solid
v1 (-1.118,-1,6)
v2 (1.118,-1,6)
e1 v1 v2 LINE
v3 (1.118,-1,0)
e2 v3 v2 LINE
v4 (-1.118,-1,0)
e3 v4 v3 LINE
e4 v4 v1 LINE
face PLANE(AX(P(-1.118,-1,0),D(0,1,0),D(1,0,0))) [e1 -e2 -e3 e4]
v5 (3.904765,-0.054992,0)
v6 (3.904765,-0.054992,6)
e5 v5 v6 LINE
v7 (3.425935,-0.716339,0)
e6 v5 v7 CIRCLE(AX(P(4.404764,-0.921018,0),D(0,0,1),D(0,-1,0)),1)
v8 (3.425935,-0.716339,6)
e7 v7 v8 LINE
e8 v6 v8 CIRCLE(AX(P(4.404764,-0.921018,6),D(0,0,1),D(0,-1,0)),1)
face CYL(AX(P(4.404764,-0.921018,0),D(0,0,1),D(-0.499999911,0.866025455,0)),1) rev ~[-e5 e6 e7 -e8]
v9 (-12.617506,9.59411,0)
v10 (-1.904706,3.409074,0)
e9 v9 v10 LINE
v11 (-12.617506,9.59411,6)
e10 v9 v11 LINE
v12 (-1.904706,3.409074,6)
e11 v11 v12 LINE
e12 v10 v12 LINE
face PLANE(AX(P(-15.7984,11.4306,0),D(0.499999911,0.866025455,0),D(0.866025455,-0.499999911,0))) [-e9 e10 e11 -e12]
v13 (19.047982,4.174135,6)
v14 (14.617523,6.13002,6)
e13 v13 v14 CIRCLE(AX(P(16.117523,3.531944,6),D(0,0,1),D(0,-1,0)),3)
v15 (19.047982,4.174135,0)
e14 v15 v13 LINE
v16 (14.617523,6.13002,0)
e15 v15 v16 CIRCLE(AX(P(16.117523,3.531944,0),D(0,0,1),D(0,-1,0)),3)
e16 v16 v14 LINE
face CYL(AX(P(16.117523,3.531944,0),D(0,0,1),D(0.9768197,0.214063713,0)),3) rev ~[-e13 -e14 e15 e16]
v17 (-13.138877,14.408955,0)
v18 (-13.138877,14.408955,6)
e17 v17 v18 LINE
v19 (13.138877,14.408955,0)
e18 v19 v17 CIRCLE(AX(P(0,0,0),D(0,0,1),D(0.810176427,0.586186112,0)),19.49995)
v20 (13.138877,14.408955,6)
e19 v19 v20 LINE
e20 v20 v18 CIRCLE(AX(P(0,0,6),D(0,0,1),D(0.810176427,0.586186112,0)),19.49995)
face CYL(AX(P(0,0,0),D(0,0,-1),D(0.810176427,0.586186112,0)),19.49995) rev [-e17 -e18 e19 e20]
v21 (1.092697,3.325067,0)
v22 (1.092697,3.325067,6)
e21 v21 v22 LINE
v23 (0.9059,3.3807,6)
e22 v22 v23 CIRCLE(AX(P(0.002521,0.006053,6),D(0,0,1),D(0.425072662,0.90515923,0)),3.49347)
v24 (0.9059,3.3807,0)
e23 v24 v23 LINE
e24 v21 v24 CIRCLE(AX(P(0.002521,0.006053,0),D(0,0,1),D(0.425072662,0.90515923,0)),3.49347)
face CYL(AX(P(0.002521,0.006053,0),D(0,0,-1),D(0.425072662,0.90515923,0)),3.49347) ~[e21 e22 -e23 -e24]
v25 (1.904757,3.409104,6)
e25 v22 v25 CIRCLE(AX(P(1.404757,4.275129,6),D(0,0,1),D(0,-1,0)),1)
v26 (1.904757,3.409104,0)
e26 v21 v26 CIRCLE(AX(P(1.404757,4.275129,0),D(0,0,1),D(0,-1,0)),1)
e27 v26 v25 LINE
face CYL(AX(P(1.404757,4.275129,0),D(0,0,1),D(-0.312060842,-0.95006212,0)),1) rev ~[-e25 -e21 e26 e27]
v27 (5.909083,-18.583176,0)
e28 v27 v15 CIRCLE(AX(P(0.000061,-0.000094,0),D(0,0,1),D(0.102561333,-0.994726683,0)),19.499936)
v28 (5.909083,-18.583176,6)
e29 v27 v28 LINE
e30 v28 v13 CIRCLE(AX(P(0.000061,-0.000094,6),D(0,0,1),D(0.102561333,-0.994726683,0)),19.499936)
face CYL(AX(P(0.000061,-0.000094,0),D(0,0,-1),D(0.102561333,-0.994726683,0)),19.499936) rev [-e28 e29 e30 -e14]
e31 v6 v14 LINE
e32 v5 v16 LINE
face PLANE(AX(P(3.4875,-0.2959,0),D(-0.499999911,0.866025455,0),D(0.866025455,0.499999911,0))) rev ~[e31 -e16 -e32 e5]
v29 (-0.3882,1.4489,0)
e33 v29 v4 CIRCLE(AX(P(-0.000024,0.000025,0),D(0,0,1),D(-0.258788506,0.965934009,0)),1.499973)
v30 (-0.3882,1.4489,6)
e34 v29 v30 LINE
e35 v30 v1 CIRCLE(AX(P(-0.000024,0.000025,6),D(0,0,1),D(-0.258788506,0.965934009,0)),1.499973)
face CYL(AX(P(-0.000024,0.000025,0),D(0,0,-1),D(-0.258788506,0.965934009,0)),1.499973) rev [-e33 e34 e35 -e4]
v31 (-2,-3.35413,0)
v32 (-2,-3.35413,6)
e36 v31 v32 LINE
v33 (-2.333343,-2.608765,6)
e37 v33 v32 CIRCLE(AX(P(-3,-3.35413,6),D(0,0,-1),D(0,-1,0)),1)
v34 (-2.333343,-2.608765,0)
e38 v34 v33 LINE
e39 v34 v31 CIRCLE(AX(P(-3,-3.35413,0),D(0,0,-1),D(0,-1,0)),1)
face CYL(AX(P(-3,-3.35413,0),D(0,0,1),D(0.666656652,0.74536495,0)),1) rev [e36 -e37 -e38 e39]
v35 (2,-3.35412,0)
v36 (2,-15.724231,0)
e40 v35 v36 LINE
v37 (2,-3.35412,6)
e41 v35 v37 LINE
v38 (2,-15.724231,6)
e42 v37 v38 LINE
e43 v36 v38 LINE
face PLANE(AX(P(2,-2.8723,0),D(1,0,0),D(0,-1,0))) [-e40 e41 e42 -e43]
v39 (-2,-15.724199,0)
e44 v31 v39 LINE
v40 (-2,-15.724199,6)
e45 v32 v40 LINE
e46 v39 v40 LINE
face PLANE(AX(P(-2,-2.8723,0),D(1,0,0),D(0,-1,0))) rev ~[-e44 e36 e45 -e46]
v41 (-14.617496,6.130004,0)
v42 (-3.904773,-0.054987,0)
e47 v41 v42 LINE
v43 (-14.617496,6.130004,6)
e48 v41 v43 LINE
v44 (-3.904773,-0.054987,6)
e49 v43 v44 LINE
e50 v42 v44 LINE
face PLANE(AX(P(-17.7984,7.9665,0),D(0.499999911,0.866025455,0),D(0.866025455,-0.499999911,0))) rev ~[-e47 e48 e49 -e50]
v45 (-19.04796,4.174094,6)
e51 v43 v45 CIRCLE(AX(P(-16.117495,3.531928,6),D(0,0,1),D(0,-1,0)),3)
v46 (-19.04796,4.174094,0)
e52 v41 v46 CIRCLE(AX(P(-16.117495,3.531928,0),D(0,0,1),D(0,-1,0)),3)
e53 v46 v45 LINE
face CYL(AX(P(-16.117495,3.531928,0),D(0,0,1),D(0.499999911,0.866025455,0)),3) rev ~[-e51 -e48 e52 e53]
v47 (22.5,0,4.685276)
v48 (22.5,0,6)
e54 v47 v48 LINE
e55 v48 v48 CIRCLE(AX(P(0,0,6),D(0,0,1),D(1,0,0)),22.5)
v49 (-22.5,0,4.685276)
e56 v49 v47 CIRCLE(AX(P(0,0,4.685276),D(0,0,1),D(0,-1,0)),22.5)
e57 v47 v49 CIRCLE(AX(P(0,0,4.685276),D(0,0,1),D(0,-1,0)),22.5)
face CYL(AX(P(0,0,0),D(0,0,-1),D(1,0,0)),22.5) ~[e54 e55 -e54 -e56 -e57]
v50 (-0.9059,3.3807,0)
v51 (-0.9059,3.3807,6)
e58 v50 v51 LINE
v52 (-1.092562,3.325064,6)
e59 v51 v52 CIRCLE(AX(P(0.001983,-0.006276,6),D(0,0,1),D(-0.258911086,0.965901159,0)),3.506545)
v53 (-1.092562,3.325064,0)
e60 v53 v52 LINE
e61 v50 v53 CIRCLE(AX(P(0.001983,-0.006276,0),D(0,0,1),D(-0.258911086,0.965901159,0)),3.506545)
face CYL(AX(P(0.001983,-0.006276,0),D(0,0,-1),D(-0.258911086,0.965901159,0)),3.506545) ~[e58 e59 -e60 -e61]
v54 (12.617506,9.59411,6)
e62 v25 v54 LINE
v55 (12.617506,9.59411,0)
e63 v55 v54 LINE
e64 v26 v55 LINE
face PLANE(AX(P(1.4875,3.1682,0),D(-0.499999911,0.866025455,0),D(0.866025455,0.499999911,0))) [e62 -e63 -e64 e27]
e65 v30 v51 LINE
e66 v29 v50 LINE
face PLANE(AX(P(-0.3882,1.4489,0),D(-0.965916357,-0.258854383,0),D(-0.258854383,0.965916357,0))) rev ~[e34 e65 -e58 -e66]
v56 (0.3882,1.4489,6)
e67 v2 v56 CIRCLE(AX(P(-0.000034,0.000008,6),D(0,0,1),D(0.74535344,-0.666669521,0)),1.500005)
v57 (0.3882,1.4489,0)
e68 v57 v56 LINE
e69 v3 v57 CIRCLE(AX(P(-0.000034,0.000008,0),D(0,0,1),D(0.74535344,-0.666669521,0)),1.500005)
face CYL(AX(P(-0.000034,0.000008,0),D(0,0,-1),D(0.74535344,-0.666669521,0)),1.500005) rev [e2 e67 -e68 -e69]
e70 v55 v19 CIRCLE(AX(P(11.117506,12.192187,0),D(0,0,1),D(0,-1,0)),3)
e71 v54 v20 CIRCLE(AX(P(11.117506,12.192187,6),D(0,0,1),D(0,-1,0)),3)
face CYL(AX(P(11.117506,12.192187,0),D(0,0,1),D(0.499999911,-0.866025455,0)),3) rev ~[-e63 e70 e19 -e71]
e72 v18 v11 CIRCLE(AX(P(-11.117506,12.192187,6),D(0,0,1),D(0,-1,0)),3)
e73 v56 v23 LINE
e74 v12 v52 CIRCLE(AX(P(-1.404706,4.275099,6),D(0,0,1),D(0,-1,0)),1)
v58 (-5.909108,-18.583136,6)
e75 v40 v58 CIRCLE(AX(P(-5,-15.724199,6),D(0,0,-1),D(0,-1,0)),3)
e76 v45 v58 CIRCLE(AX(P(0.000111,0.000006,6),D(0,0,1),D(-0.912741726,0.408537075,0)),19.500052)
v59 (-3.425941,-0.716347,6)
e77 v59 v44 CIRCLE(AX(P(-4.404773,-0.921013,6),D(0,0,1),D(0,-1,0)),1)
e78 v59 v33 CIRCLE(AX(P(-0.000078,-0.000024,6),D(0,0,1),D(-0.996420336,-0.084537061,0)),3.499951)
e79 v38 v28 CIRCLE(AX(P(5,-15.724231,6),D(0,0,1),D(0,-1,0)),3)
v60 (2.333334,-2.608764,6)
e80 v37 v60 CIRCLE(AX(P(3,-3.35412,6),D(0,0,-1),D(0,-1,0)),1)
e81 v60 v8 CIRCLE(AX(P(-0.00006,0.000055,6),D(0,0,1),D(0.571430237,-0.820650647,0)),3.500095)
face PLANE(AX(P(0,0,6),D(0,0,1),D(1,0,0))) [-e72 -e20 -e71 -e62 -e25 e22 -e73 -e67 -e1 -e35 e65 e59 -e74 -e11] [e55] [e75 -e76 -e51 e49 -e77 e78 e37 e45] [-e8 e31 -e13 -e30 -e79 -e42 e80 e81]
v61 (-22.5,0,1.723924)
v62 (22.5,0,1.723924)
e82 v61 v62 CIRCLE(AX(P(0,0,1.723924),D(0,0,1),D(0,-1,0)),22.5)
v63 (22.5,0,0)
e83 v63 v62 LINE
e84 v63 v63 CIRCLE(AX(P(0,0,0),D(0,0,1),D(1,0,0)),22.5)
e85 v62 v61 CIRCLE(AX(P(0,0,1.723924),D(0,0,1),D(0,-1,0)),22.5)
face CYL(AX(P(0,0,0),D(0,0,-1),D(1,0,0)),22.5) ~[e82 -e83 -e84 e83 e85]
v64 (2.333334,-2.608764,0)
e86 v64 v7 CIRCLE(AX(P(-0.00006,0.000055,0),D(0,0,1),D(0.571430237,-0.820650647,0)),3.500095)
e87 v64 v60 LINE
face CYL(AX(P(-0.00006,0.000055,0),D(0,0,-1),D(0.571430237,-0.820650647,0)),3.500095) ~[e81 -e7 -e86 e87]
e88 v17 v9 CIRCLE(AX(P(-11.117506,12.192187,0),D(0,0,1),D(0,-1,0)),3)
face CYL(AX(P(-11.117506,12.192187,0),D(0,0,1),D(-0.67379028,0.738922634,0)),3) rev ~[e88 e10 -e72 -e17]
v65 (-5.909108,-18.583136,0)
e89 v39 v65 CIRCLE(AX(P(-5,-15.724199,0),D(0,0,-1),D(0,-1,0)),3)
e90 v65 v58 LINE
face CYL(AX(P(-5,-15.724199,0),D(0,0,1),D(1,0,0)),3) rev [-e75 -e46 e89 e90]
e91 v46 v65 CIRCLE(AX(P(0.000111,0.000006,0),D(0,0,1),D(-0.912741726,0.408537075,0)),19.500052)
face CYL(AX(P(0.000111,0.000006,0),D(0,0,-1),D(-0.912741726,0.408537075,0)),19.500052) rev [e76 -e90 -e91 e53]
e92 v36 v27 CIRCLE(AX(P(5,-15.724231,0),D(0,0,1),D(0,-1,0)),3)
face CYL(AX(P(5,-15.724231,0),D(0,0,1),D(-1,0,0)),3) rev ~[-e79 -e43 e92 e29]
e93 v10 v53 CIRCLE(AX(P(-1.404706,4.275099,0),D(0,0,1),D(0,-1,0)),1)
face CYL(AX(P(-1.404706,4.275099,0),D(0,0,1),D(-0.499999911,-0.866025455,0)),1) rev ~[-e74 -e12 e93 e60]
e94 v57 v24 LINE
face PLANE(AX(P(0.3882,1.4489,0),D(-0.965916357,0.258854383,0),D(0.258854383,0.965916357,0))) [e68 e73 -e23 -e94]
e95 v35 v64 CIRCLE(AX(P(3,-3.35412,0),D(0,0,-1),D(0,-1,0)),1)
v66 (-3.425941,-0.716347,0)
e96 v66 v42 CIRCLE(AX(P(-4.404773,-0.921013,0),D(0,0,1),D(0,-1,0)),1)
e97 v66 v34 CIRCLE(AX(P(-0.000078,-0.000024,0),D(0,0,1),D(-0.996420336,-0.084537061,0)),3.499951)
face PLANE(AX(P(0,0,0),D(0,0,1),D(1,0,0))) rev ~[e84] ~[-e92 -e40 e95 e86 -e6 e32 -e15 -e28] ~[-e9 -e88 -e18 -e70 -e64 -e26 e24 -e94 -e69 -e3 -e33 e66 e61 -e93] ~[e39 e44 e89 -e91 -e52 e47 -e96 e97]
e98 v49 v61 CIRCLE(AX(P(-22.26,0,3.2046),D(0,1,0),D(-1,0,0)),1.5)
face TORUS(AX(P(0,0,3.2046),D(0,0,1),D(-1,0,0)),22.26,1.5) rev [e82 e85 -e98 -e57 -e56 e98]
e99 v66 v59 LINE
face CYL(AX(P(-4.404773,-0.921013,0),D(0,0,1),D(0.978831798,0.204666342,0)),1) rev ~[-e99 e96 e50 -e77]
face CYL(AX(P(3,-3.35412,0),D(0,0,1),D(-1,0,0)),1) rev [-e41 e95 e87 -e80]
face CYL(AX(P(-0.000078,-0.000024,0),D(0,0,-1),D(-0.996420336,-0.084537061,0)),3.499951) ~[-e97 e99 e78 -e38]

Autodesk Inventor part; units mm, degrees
ref_plane "XY Plane" through (0, 0, 0) normal (0, 0, 1) x (1, 0, 0)
sketch "Sketch1" plane through (0, 0, 0) normal (0, 0, 1) x (1, 0, 0)
  line L0 (-19.5, 0) -> (19.5, 0) construction
  line L1 (-1.118, -1) -> (1.118, -1)
  line L2 (0, -3.5) -> (0, -10.5) construction
  line L3 (0, 31.6864) -> (0, -32.6182) construction
  line L4 (2, -2.8723) -> (2, -19.3972)
  line L5 (-2, -2.8723) -> (-2, -19.3972)
  line L6 (3.0311, 1.75) -> (9.0933, 5.25) construction
  line L7 (-3.0311, 1.75) -> (-9.0933, 5.25) construction
  line L8 (3.4875, -0.2959) -> (17.7984, 7.9665)
  line L9 (1.4875, 3.1682) -> (15.7984, 11.4306)
  arc A0 (2, -19.3972) -> (17.7984, 7.9665) centre (0, 0) ccw
  line L10 (-15.7984, 11.4306) -> (-1.4875, 3.1682)
  line L11 (-17.7984, 7.9665) -> (-3.4875, -0.2959)
  arc A1 (15.7984, 11.4306) -> (-15.7984, 11.4306) centre (0, 0) ccw
  arc A2 (-17.7984, 7.9665) -> (-2, -19.3972) centre (0, 0) ccw
  arc A3 (-3.4875, -0.2959) -> (-2, -2.8723) centre (0, 0) ccw
  arc A4 (2, -2.8723) -> (3.4875, -0.2959) centre (0, 0) ccw
  line L12 (0, 0) -> (2.0417, 7.6198) construction
  line L13 (0, 0) -> (-1.8775, 7.0067) construction
  line L14 (0.3882, 1.4489) -> (0.9059, 3.3807)
  line L15 (-0.3882, 1.4489) -> (-0.9059, 3.3807)
  arc A5 (1.4875, 3.1682) -> (0.9059, 3.3807) centre (0, 0) ccw
  arc A6 (-0.9059, 3.3807) -> (-1.4875, 3.1682) centre (0, 0) ccw
  arc A7 (1.118, -1) -> (0.3882, 1.4489) centre (0, 0) ccw
  arc A8 (-0.3882, 1.4489) -> (-1.118, -1) centre (0, 0) ccw
  circle A9 centre (0, 0) radius 22.5
  dimension "d3" = 1
  dimension "d4" = 2
  dimension "d5" = 2
  dimension "d8" = 360
  dimension "d10" = 2
  dimension "d11" = 2
  dimension "d12" = 2
  dimension "d13" = 2
  dimension "d17" = 3.5
  dimension "d18" = 3.5
  dimension "d19" = 15
  dimension "d20" = 15
  dimension "d21" = 3.5
  dimension "d22" = 3.5
  dimension "d23" = 1.5
  dimension "d24" = 1.5
  dimension "d25" = 45
  dimension "d81" = 3
  dimension "d84" = 3
  dimension "d85" = 3
extrude "Extrusion1" add sketch "Sketch1" along normal blind 6
fillet "Fillet10" radius 1 6 edges at (3.4875, -0.2959, 3) (2, -2.8723, 3) (-3.4875, -0.2959, 3) (-2, -2.8723, 3) (-1.4875, 3.1682, 3) (1.4875, 3.1682, 3)
fillet "Fillet11" radius 3 6 edges at (-17.7984, 7.9665, 3) (-15.7984, 11.4306, 3) (15.7984, 11.4306, 3) (17.7984, 7.9665, 3) (2, -19.3972, 3) (-2, -19.3972, 3)
sketch "Sketch4" plane through (0, 0, 0) normal (0, 1, 0) x (-1, 0, 0)
  circle A0 centre (22.26, 3.2046) radius 1.5
  line L0 (0, 7.6708) -> (0, -6.5685) construction
  line L1 (22.4632, 5.9906) -> (22.4632, 0) construction
  point P0 (0, 0)
  dimension "d77" = 3
revolve "Revolution2" cut sketch "Sketch4" angle 360 about axis through (0, 0, 7.6708) along (0, 0, -1)
equation "\"d5\" = d4"
equation "\"d11\" = d10"
equation "\"d12\" = d10"
equation "\"d13\" = d10"
equation "\"d18\" = d17"
equation "\"d20\" = d19"
equation "\"d21\" = d17"
equation "\"d22\" = d17"
equation "\"d24\" = d23"
properties part number "Rueda1"
